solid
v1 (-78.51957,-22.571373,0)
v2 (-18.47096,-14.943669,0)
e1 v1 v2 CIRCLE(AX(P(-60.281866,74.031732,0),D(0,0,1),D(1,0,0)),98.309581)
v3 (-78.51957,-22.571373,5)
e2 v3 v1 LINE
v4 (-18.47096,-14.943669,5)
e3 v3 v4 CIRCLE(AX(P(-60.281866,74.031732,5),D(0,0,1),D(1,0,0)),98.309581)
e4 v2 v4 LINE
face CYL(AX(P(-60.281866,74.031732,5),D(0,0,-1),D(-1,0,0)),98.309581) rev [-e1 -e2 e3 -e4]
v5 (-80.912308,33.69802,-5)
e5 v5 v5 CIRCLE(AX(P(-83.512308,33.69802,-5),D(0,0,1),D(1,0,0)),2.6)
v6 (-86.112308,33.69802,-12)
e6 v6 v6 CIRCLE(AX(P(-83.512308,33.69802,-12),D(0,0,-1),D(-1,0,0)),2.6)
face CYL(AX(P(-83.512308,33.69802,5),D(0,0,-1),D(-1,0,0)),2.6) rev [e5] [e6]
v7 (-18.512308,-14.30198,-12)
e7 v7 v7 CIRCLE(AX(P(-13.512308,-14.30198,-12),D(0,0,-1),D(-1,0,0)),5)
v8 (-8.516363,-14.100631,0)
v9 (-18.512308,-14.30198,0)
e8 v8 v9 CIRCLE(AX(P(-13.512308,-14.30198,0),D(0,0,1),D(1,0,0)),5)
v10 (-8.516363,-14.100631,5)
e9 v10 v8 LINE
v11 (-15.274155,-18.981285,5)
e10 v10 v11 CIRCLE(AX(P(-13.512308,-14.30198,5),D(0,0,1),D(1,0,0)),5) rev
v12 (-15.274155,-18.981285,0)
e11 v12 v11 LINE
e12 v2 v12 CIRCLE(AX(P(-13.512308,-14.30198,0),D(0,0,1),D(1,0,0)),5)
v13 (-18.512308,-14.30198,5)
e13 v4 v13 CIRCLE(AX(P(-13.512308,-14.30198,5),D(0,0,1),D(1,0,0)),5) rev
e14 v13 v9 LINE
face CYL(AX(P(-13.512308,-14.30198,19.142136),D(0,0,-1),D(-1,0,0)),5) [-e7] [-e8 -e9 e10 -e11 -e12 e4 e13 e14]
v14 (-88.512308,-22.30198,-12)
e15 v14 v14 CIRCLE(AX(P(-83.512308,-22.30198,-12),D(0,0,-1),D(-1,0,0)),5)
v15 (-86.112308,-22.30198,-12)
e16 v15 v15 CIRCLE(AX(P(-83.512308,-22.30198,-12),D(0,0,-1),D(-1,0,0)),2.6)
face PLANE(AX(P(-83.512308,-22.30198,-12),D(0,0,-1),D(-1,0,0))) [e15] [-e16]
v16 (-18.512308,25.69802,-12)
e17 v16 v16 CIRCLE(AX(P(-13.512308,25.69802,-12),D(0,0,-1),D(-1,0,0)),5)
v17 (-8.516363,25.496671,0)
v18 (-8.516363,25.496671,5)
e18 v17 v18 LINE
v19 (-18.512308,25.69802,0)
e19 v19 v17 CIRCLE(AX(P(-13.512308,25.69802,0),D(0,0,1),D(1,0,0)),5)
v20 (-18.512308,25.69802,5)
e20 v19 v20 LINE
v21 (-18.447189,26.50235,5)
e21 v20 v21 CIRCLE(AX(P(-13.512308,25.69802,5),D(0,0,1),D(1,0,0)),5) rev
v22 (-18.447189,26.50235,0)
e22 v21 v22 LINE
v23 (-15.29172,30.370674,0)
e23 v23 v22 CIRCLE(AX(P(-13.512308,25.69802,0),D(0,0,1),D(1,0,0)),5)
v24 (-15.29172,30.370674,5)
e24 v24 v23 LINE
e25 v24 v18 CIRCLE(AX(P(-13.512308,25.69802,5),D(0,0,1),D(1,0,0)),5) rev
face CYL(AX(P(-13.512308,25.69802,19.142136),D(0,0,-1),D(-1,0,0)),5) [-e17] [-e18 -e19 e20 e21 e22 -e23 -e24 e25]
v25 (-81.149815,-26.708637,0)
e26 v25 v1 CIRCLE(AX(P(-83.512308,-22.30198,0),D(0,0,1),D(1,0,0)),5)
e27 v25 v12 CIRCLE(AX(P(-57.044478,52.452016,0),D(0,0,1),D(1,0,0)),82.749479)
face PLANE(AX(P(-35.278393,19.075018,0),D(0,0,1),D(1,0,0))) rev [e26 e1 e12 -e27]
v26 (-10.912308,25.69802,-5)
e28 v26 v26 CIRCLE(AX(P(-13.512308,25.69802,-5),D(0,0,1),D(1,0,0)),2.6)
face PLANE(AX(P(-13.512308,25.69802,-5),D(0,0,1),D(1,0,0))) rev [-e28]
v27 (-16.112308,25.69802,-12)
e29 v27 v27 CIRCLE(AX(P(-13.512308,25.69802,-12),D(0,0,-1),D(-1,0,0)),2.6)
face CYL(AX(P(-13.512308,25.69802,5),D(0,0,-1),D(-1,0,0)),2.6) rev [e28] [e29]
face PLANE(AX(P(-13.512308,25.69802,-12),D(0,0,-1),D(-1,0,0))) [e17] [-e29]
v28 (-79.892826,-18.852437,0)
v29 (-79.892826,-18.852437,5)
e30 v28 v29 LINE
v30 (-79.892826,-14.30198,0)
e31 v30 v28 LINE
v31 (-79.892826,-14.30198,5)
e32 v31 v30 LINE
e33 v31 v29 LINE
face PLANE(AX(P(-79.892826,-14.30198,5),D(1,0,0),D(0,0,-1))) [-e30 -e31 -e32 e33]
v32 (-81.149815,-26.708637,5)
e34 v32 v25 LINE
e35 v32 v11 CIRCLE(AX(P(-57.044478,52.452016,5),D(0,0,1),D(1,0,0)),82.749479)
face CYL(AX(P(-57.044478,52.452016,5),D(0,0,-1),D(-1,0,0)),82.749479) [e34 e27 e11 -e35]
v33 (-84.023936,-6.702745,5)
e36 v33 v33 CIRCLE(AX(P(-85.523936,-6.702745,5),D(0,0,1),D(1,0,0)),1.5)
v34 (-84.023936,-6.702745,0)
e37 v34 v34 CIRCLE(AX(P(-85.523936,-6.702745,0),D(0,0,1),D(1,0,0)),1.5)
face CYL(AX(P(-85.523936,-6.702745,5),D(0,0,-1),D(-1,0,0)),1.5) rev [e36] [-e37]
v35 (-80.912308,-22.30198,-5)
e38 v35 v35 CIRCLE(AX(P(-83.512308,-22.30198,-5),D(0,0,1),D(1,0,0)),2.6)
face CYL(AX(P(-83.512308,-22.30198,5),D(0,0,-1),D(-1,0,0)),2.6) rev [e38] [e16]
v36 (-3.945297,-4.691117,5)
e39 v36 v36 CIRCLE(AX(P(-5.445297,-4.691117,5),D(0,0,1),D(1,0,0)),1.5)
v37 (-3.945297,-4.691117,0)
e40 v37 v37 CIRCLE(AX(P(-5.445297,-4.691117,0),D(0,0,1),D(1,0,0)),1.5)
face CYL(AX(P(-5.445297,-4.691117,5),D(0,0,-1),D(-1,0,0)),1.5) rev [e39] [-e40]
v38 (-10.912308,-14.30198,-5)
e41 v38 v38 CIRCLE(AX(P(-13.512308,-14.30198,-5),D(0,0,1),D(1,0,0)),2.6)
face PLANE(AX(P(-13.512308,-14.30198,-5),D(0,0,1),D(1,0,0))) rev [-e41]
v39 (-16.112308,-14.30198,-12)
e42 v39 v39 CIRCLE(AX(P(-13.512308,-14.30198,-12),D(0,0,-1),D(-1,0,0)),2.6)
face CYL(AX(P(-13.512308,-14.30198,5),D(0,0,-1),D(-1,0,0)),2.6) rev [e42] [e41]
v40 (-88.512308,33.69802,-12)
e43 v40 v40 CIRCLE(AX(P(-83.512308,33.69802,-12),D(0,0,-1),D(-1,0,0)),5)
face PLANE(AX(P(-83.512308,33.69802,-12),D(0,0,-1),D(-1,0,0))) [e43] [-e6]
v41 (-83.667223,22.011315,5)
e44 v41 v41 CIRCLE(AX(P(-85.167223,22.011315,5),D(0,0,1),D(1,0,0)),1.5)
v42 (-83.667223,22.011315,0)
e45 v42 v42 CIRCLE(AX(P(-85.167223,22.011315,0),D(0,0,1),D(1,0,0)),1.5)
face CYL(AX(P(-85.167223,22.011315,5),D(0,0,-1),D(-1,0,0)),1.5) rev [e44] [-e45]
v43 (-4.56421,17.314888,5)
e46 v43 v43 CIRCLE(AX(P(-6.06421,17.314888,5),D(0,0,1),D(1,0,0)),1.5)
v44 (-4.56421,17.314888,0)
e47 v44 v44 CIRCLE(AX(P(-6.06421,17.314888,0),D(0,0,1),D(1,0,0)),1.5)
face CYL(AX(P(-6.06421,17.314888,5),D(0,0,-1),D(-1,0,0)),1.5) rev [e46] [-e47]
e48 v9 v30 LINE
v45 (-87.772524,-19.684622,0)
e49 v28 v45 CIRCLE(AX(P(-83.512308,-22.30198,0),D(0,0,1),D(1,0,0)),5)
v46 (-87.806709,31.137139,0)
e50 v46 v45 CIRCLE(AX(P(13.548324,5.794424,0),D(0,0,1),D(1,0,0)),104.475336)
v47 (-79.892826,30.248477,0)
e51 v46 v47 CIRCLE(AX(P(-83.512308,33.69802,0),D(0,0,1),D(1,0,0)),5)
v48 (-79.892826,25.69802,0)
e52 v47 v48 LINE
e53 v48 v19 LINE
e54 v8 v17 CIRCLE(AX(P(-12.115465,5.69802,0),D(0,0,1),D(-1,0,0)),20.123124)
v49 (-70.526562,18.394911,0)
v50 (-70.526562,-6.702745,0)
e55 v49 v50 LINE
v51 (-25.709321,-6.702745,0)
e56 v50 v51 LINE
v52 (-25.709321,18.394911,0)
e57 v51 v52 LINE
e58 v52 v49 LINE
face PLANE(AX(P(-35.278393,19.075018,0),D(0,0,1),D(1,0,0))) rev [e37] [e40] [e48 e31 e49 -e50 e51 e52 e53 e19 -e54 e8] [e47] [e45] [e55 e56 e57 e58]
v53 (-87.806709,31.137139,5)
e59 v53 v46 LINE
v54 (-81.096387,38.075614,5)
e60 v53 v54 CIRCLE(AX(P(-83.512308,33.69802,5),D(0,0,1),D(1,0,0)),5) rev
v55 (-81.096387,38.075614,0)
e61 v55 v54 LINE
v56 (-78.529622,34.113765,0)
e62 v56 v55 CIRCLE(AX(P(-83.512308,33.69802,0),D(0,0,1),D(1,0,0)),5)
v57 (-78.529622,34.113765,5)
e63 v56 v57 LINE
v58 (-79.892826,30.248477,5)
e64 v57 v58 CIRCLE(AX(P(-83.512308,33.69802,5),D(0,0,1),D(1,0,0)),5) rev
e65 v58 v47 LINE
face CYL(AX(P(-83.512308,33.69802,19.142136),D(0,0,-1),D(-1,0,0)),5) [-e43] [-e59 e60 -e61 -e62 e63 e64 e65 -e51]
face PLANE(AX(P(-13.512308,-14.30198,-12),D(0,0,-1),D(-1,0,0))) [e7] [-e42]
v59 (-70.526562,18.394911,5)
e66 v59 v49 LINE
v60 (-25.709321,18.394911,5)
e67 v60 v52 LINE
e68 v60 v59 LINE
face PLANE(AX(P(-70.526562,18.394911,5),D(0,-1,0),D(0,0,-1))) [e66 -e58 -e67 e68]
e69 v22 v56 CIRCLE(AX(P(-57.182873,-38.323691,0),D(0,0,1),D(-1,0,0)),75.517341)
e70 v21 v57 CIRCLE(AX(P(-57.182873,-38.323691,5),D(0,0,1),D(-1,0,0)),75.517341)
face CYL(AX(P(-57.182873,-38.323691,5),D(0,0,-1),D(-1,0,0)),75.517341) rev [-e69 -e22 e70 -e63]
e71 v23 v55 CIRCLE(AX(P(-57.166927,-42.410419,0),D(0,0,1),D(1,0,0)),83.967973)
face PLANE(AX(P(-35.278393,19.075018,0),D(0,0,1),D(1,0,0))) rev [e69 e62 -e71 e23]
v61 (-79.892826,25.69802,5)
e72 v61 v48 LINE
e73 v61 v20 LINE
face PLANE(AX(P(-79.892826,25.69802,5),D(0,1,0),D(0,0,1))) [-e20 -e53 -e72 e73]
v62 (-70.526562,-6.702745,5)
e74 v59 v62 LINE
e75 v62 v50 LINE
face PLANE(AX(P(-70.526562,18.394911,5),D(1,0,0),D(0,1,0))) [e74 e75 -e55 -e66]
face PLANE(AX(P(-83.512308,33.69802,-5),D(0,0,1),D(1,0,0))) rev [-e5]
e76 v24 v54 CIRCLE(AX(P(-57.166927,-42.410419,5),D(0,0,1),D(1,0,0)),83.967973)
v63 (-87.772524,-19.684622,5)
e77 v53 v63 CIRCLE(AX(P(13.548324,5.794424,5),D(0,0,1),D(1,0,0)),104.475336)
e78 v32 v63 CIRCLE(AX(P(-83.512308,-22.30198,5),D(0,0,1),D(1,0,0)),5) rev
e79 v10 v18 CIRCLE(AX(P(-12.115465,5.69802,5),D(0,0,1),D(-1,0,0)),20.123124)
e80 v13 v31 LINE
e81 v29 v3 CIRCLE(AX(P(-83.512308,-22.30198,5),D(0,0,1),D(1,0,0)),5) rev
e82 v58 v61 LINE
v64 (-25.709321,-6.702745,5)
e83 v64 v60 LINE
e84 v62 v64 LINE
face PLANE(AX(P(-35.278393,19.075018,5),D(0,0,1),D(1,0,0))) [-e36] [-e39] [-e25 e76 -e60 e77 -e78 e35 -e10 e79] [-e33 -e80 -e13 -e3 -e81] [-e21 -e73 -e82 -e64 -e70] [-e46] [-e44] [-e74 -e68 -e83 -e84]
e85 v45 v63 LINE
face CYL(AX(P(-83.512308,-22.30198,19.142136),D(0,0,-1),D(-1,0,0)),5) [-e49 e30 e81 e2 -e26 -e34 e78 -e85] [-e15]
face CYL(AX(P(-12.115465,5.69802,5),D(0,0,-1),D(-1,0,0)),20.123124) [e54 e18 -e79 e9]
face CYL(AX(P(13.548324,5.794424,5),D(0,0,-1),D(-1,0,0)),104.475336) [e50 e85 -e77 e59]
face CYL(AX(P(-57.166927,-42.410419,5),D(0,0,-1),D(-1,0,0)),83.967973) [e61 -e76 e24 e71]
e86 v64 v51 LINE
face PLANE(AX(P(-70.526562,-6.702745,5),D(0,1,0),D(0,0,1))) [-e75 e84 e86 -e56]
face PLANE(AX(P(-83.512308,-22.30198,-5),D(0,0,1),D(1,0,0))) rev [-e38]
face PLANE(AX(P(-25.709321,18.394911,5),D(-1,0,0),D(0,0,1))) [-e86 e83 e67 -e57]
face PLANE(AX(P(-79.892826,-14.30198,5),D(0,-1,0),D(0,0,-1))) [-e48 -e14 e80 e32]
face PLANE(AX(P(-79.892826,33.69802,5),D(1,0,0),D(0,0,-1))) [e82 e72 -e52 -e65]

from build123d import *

# Parameters (mm, degrees)
SKETCH1_R                       = 2.6
SKETCH1_R_2                     = 1.5
SKETCH1_W                       = 44.817241247
SKETCH1_H                       = 25.097655098
BOSS_EXTRUDE1_DEPTH             = 5
SKETCH2_R                       = 5
SKETCH2_R_2                     = 2.6
BOSS_EXTRUDE2_DEPTH             = 12
BOSS_EXTRUDE2_DIRECTION_2_REACH = 102.099
BOSS_EXTRUDE3_START             = -10
SKETCH3_R                       = 2.6
BOSS_EXTRUDE3_DEPTH             = 10


with BuildPart() as part:
    # Sketch1 → Boss-Extrude1 (new body)
    with BuildSketch(Plane.XY):
        with BuildLine():
            ThreePointArc((-87.127451531, -22.124820062), (-86.163911981, -24.765644938), (-83.600914186, -25.920377287))
            ThreePointArc((-83.600914186, -25.920377287), (-47.661538714, -29.763777863), (-13.512307499, -17.921462012))
            ThreePointArc((-13.512307499, -17.921462012), (-10.952947302, -16.861340184), (-9.892825615, -14.301979929))
            ThreePointArc((-9.892825615, -14.301979929), (8.007659225, 5.698020071), (-9.892825615, 25.698020071))
            ThreePointArc((-9.892825615, 25.698020071), (-10.952947373, 28.257380397), (-13.512307698, 29.317502154))
            ThreePointArc((-13.512307698, 29.317502154), (-47.63265011, 41.014505592), (-83.512307597, 37.317502154))
            ThreePointArc((-83.512307597, 37.317502154), (-86.071667988, 36.257380433), (-87.131789782, 33.698020071))
            ThreePointArc((-87.131789782, 33.698020071), (-90.927012387, 5.786304892), (-87.127451531, -22.124820062))
        make_face()
        with Locations((-83.512307698, -22.301979929)):
            Circle(SKETCH1_R, mode=Mode.SUBTRACT)
        with Locations((-83.512307698, 33.698020071)):
            Circle(SKETCH1_R, mode=Mode.SUBTRACT)
        with Locations((-13.512307698, 25.698020071)):
            Circle(SKETCH1_R, mode=Mode.SUBTRACT)
        with Locations((-13.512307698, -14.301979929)):
            Circle(SKETCH1_R, mode=Mode.SUBTRACT)
        with Locations((-85.16722268, 22.0113147)):
            Circle(SKETCH1_R_2, mode=Mode.SUBTRACT)
        with Locations((-85.523935714, -6.702744554)):
            Circle(SKETCH1_R_2, mode=Mode.SUBTRACT)
        with Locations((-6.064210345, 17.314888474)):
            Circle(SKETCH1_R_2, mode=Mode.SUBTRACT)
        with Locations((-5.445296778, -4.691116539)):
            Circle(SKETCH1_R_2, mode=Mode.SUBTRACT)
        with BuildLine():
            Line((-79.892825615, -14.301980328), (-79.892825615, -22.301979929))
            ThreePointArc((-79.892825615, -22.301979929), (-47.851158005, -23.48878534), (-17.131789782, -14.301980328))
            Line((-17.131789782, -14.301980328), (-79.892825615, -14.301980328))
        make_face(mode=Mode.SUBTRACT)
        with BuildLine():
            Line((-79.892825615, 33.698019868), (-79.892825615, 25.698020071))
            Line((-79.892825615, 25.698020071), (-17.131789782, 25.698020071))
            ThreePointArc((-17.131789782, 25.698020071), (-47.634119077, 36.587523584), (-79.892825615, 33.698019868))
        make_face(mode=Mode.SUBTRACT)
        with Locations((-48.117941597, 5.846082995)):
            Rectangle(SKETCH1_W, SKETCH1_H, mode=Mode.SUBTRACT)
    extrude(amount=BOSS_EXTRUDE1_DEPTH)

    # Sketch2 → Boss-Extrude2 (add)
    # profile 1 of 4: a face of its own
    with BuildSketch(Plane(origin=(0, 0, 0), x_dir=(-1, 0, 0), z_dir=(0, 0, -1))):
        with Locations((13.512307698, 25.698020071)):
            Circle(SKETCH2_R)
        with Locations((13.512307698, 25.698020071)):
            Circle(SKETCH2_R_2, mode=Mode.SUBTRACT)
    # profile 2 of 4: a face of its own
    with BuildSketch(Plane(origin=(0, 0, 0), x_dir=(-1, 0, 0), z_dir=(0, 0, -1))):
        with Locations((83.512307698, 33.698020071)):
            Circle(SKETCH2_R)
        with Locations((83.512307698, 33.698020071)):
            Circle(SKETCH2_R_2, mode=Mode.SUBTRACT)
    # profile 3 of 4: a face of its own
    with BuildSketch(Plane(origin=(0, 0, 0), x_dir=(-1, 0, 0), z_dir=(0, 0, -1))):
        with Locations((83.512307698, -22.301979929)):
            Circle(SKETCH2_R)
        with Locations((83.512307698, -22.301979929)):
            Circle(SKETCH2_R_2, mode=Mode.SUBTRACT)
    # profile 4 of 4: a face of its own
    with BuildSketch(Plane(origin=(0, 0, 0), x_dir=(-1, 0, 0), z_dir=(0, 0, -1))):
        with Locations((13.512307698, -14.301979929)):
            Circle(SKETCH2_R)
        with Locations((13.512307698, -14.301979929)):
            Circle(SKETCH2_R_2, mode=Mode.SUBTRACT)
    extrude(amount=BOSS_EXTRUDE2_DEPTH)

    # Boss-Extrude2 direction 2: up to this face of the body (flat: up to its plane)
    boss_extrude2_direction_2_end = Plane(part.part.faces().sort_by_distance((-86.07433416, -24.682416176, 5))[0])
    # Sketch2 → Boss-Extrude2 direction 2 (add, up to the picked face)
    with BuildSketch(Plane(origin=(0, 0, 0), x_dir=(-1, 0, 0), z_dir=(0, 0, -1)), mode=Mode.PRIVATE) as boss_extrude2_direction_2_sk1:
        with Locations((13.512307698, 25.698020071)):
            Circle(SKETCH2_R)
        with Locations((13.512307698, 25.698020071)):
            Circle(SKETCH2_R_2, mode=Mode.SUBTRACT)
    boss_extrude2_direction_2_tool1 = split(extrude(boss_extrude2_direction_2_sk1.sketch, amount=-BOSS_EXTRUDE2_DIRECTION_2_REACH, mode=Mode.PRIVATE), bisect_by=boss_extrude2_direction_2_end, keep=Keep.BOTH, mode=Mode.PRIVATE)
    # Sketch2 → Boss-Extrude2 direction 2 (add, up to the picked face)
    with BuildSketch(Plane(origin=(0, 0, 0), x_dir=(-1, 0, 0), z_dir=(0, 0, -1)), mode=Mode.PRIVATE) as boss_extrude2_direction_2_sk2:
        with Locations((83.512307698, 33.698020071)):
            Circle(SKETCH2_R)
        with Locations((83.512307698, 33.698020071)):
            Circle(SKETCH2_R_2, mode=Mode.SUBTRACT)
    boss_extrude2_direction_2_tool2 = split(extrude(boss_extrude2_direction_2_sk2.sketch, amount=-BOSS_EXTRUDE2_DIRECTION_2_REACH, mode=Mode.PRIVATE), bisect_by=boss_extrude2_direction_2_end, keep=Keep.BOTH, mode=Mode.PRIVATE)
    # Sketch2 → Boss-Extrude2 direction 2 (add, up to the picked face)
    with BuildSketch(Plane(origin=(0, 0, 0), x_dir=(-1, 0, 0), z_dir=(0, 0, -1)), mode=Mode.PRIVATE) as boss_extrude2_direction_2_sk3:
        with Locations((83.512307698, -22.301979929)):
            Circle(SKETCH2_R)
        with Locations((83.512307698, -22.301979929)):
            Circle(SKETCH2_R_2, mode=Mode.SUBTRACT)
    boss_extrude2_direction_2_tool3 = split(extrude(boss_extrude2_direction_2_sk3.sketch, amount=-BOSS_EXTRUDE2_DIRECTION_2_REACH, mode=Mode.PRIVATE), bisect_by=boss_extrude2_direction_2_end, keep=Keep.BOTH, mode=Mode.PRIVATE)
    # Sketch2 → Boss-Extrude2 direction 2 (add, up to the picked face)
    with BuildSketch(Plane(origin=(0, 0, 0), x_dir=(-1, 0, 0), z_dir=(0, 0, -1)), mode=Mode.PRIVATE) as boss_extrude2_direction_2_sk4:
        with Locations((13.512307698, -14.301979929)):
            Circle(SKETCH2_R)
        with Locations((13.512307698, -14.301979929)):
            Circle(SKETCH2_R_2, mode=Mode.SUBTRACT)
    boss_extrude2_direction_2_tool4 = split(extrude(boss_extrude2_direction_2_sk4.sketch, amount=-BOSS_EXTRUDE2_DIRECTION_2_REACH, mode=Mode.PRIVATE), bisect_by=boss_extrude2_direction_2_end, keep=Keep.BOTH, mode=Mode.PRIVATE)
    add(boss_extrude2_direction_2_tool1.solids().sort_by(Axis((-8.653729, 25.69802, 0), (0, 0, 1)))[0])
    add(boss_extrude2_direction_2_tool2.solids().sort_by(Axis((-78.653729, 33.69802, 0), (0, 0, 1)))[0])
    add(boss_extrude2_direction_2_tool3.solids().sort_by(Axis((-78.653729, -22.30198, 0), (0, 0, 1)))[0])
    add(boss_extrude2_direction_2_tool4.solids().sort_by(Axis((-8.653729, -14.30198, 0), (0, 0, 1)))[0])

    # Sketch3 → Boss-Extrude3 (add)
    with BuildSketch(Plane.XY.offset(5).offset(BOSS_EXTRUDE3_START)):
        with Locations(Location((-83.512307698, 33.698020071, 0), (0, 0, 180))):
            Circle(SKETCH3_R)
        with Locations(Location((-13.512307698, 25.698020071, 0), (0, 0, 180))):
            Circle(SKETCH3_R)
        with Locations(Location((-13.512307698, -14.301979929, 0), (0, 0, 180))):
            Circle(SKETCH3_R)
        with Locations(Location((-83.512307698, -22.301979929, 0), (0, 0, 180))):
            Circle(SKETCH3_R)
    extrude(amount=BOSS_EXTRUDE3_DEPTH)


solid = part.part
